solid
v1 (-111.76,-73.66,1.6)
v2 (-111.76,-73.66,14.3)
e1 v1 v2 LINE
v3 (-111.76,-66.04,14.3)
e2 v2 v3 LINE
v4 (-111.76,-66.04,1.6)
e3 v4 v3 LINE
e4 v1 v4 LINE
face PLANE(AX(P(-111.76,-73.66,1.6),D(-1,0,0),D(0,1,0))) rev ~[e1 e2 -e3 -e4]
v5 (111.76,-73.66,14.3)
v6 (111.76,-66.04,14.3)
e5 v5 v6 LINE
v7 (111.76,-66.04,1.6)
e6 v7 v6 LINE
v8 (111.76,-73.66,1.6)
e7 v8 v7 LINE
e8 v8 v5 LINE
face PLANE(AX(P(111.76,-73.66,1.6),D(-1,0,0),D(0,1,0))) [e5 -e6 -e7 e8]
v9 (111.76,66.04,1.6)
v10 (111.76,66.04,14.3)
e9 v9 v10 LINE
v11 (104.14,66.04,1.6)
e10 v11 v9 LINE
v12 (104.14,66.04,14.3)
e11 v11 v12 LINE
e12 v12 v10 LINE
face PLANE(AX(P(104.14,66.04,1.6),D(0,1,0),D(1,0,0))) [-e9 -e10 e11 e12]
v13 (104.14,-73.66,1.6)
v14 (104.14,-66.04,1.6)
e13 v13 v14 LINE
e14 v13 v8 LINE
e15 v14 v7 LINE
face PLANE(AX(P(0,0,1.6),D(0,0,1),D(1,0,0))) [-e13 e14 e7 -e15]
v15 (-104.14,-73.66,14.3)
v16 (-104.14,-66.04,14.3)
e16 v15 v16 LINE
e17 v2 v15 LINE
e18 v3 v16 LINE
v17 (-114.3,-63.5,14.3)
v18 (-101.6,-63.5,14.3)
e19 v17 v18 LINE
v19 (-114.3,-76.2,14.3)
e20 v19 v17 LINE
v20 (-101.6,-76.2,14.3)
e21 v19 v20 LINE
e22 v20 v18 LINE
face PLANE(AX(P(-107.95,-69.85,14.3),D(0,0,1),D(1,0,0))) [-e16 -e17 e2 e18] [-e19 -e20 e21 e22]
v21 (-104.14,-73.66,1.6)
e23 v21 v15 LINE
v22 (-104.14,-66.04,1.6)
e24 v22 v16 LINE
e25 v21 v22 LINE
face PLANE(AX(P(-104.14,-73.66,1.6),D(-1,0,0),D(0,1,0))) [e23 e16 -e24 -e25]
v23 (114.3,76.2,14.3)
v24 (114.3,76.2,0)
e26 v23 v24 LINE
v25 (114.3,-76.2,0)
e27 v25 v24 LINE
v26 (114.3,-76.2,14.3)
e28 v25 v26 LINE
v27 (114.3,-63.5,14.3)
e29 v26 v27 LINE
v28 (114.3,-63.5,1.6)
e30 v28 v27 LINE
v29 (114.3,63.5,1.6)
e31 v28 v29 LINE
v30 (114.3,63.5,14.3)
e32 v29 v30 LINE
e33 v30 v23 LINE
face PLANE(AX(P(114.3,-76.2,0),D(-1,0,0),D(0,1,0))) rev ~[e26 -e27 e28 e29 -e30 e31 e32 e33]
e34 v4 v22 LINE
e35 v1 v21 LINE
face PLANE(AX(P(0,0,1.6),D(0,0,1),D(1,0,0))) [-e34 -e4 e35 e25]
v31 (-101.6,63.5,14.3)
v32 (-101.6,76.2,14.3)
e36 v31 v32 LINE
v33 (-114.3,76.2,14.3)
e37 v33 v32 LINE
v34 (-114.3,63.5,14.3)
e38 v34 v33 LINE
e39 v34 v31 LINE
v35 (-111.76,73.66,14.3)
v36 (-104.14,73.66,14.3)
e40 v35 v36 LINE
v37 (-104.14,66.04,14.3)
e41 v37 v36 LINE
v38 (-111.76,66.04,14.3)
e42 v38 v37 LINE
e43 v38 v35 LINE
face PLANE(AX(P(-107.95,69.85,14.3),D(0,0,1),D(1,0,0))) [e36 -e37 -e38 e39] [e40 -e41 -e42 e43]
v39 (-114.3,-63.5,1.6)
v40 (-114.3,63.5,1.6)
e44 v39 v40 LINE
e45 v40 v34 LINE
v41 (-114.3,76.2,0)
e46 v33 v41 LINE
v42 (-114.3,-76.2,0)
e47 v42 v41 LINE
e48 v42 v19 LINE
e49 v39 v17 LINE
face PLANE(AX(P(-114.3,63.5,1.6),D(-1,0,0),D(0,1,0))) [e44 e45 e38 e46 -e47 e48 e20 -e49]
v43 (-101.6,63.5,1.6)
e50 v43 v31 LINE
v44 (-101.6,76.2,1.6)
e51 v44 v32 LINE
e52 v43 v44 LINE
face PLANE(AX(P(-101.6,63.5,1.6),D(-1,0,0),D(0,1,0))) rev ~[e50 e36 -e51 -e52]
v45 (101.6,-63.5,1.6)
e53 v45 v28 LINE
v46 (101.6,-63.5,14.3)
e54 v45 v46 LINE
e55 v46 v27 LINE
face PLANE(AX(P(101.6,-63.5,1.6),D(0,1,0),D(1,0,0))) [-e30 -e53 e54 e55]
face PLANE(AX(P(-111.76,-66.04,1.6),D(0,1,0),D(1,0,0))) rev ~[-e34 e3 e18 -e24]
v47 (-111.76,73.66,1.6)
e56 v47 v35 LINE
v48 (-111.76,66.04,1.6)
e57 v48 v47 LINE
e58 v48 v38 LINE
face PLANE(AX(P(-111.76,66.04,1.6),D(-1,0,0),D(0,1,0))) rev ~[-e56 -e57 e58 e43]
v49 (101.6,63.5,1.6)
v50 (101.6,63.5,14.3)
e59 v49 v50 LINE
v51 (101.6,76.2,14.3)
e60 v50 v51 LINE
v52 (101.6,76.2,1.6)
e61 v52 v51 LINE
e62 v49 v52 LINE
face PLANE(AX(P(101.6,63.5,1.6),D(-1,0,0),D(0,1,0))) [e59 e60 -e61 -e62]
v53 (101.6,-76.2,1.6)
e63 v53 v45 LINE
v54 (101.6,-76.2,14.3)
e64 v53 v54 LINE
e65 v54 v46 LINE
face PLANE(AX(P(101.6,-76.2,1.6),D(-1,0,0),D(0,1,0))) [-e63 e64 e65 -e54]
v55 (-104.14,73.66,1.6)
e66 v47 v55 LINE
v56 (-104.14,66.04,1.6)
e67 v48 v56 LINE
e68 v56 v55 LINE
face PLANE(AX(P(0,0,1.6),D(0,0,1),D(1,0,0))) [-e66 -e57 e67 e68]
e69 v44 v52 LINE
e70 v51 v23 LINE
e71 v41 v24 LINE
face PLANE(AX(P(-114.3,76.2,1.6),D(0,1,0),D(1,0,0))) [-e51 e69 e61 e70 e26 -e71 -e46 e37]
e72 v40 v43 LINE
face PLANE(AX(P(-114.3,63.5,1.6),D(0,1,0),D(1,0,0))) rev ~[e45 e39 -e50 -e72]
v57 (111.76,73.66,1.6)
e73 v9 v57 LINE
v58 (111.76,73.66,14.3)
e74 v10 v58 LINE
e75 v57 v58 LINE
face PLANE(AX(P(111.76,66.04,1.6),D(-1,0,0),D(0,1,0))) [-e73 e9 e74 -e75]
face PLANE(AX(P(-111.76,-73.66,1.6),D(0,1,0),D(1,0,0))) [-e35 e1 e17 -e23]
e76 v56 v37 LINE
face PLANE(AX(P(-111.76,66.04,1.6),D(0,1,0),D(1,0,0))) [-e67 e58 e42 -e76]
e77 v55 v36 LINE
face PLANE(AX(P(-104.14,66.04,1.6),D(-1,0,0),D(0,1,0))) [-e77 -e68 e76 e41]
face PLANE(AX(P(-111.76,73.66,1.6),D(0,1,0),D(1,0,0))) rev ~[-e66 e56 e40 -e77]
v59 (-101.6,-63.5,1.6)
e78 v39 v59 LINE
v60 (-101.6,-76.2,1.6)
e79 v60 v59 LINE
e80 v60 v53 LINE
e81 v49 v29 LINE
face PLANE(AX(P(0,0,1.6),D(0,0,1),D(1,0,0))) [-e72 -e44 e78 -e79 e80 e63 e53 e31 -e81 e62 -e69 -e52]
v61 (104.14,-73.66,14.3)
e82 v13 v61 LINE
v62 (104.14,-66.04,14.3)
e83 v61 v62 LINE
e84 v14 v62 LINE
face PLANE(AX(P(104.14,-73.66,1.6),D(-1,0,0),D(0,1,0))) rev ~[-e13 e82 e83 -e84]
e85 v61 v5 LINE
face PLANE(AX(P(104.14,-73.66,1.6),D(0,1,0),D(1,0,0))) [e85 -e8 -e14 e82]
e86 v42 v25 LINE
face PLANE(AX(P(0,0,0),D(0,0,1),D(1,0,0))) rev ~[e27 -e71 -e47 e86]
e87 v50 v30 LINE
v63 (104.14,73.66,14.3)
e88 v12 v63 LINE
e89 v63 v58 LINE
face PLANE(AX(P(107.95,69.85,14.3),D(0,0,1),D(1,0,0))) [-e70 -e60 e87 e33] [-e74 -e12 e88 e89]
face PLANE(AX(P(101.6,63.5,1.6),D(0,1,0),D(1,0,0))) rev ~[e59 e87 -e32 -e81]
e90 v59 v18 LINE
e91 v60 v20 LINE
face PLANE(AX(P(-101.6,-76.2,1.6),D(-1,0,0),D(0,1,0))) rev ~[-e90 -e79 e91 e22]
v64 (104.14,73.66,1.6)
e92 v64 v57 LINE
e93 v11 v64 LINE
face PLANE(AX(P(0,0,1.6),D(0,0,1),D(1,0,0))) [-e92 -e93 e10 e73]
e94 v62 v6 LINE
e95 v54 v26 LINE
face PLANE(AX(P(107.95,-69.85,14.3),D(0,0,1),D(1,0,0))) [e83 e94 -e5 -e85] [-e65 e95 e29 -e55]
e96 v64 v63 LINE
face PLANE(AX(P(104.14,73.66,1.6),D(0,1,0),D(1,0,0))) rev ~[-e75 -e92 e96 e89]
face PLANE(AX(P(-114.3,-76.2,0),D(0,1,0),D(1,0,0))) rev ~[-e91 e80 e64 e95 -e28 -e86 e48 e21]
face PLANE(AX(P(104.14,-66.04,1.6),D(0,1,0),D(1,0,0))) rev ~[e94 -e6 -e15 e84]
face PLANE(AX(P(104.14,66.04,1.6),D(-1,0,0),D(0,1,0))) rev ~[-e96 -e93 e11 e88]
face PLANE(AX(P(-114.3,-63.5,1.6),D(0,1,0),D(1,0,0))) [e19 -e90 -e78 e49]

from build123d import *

# Parameters (mm, degrees)
F0_W     = 228.6
F0_H     = 152.4
F1_DEPTH = 1.6
F2_W     = 12.7
F2_H     = 12.7
F2_W_2   = 7.62
F2_H_2   = 7.62
F3_DEPTH = 12.7


with BuildPart() as f1:
    # F0 (on Top) → F1 (new body)
    with BuildSketch(Plane.XY):
        Rectangle(F0_W, F0_H)
    extrude(amount=F1_DEPTH)

    # F2 (on face) → F3 (join)
    with BuildSketch(Plane.XY.offset(1.6)):
        with Locations((-107.95, 69.85)):
            Rectangle(F2_W, F2_H)
        with Locations((-107.95, 69.85)):
            Rectangle(F2_W_2, F2_H_2, mode=Mode.SUBTRACT)
        with Locations((-107.95, -69.85)):
            Rectangle(F2_W, F2_H)
        with Locations((-107.95, -69.85)):
            Rectangle(F2_W_2, F2_H_2, mode=Mode.SUBTRACT)
        with Locations((107.95, -69.85)):
            Rectangle(F2_W, F2_H)
        with Locations((107.95, -69.85)):
            Rectangle(F2_W_2, F2_H_2, mode=Mode.SUBTRACT)
        with Locations((107.95, 69.85)):
            Rectangle(F2_W, F2_H)
        with Locations((107.95, 69.85)):
            Rectangle(F2_W_2, F2_H_2, mode=Mode.SUBTRACT)
    extrude(amount=F3_DEPTH)


solid = f1.part
